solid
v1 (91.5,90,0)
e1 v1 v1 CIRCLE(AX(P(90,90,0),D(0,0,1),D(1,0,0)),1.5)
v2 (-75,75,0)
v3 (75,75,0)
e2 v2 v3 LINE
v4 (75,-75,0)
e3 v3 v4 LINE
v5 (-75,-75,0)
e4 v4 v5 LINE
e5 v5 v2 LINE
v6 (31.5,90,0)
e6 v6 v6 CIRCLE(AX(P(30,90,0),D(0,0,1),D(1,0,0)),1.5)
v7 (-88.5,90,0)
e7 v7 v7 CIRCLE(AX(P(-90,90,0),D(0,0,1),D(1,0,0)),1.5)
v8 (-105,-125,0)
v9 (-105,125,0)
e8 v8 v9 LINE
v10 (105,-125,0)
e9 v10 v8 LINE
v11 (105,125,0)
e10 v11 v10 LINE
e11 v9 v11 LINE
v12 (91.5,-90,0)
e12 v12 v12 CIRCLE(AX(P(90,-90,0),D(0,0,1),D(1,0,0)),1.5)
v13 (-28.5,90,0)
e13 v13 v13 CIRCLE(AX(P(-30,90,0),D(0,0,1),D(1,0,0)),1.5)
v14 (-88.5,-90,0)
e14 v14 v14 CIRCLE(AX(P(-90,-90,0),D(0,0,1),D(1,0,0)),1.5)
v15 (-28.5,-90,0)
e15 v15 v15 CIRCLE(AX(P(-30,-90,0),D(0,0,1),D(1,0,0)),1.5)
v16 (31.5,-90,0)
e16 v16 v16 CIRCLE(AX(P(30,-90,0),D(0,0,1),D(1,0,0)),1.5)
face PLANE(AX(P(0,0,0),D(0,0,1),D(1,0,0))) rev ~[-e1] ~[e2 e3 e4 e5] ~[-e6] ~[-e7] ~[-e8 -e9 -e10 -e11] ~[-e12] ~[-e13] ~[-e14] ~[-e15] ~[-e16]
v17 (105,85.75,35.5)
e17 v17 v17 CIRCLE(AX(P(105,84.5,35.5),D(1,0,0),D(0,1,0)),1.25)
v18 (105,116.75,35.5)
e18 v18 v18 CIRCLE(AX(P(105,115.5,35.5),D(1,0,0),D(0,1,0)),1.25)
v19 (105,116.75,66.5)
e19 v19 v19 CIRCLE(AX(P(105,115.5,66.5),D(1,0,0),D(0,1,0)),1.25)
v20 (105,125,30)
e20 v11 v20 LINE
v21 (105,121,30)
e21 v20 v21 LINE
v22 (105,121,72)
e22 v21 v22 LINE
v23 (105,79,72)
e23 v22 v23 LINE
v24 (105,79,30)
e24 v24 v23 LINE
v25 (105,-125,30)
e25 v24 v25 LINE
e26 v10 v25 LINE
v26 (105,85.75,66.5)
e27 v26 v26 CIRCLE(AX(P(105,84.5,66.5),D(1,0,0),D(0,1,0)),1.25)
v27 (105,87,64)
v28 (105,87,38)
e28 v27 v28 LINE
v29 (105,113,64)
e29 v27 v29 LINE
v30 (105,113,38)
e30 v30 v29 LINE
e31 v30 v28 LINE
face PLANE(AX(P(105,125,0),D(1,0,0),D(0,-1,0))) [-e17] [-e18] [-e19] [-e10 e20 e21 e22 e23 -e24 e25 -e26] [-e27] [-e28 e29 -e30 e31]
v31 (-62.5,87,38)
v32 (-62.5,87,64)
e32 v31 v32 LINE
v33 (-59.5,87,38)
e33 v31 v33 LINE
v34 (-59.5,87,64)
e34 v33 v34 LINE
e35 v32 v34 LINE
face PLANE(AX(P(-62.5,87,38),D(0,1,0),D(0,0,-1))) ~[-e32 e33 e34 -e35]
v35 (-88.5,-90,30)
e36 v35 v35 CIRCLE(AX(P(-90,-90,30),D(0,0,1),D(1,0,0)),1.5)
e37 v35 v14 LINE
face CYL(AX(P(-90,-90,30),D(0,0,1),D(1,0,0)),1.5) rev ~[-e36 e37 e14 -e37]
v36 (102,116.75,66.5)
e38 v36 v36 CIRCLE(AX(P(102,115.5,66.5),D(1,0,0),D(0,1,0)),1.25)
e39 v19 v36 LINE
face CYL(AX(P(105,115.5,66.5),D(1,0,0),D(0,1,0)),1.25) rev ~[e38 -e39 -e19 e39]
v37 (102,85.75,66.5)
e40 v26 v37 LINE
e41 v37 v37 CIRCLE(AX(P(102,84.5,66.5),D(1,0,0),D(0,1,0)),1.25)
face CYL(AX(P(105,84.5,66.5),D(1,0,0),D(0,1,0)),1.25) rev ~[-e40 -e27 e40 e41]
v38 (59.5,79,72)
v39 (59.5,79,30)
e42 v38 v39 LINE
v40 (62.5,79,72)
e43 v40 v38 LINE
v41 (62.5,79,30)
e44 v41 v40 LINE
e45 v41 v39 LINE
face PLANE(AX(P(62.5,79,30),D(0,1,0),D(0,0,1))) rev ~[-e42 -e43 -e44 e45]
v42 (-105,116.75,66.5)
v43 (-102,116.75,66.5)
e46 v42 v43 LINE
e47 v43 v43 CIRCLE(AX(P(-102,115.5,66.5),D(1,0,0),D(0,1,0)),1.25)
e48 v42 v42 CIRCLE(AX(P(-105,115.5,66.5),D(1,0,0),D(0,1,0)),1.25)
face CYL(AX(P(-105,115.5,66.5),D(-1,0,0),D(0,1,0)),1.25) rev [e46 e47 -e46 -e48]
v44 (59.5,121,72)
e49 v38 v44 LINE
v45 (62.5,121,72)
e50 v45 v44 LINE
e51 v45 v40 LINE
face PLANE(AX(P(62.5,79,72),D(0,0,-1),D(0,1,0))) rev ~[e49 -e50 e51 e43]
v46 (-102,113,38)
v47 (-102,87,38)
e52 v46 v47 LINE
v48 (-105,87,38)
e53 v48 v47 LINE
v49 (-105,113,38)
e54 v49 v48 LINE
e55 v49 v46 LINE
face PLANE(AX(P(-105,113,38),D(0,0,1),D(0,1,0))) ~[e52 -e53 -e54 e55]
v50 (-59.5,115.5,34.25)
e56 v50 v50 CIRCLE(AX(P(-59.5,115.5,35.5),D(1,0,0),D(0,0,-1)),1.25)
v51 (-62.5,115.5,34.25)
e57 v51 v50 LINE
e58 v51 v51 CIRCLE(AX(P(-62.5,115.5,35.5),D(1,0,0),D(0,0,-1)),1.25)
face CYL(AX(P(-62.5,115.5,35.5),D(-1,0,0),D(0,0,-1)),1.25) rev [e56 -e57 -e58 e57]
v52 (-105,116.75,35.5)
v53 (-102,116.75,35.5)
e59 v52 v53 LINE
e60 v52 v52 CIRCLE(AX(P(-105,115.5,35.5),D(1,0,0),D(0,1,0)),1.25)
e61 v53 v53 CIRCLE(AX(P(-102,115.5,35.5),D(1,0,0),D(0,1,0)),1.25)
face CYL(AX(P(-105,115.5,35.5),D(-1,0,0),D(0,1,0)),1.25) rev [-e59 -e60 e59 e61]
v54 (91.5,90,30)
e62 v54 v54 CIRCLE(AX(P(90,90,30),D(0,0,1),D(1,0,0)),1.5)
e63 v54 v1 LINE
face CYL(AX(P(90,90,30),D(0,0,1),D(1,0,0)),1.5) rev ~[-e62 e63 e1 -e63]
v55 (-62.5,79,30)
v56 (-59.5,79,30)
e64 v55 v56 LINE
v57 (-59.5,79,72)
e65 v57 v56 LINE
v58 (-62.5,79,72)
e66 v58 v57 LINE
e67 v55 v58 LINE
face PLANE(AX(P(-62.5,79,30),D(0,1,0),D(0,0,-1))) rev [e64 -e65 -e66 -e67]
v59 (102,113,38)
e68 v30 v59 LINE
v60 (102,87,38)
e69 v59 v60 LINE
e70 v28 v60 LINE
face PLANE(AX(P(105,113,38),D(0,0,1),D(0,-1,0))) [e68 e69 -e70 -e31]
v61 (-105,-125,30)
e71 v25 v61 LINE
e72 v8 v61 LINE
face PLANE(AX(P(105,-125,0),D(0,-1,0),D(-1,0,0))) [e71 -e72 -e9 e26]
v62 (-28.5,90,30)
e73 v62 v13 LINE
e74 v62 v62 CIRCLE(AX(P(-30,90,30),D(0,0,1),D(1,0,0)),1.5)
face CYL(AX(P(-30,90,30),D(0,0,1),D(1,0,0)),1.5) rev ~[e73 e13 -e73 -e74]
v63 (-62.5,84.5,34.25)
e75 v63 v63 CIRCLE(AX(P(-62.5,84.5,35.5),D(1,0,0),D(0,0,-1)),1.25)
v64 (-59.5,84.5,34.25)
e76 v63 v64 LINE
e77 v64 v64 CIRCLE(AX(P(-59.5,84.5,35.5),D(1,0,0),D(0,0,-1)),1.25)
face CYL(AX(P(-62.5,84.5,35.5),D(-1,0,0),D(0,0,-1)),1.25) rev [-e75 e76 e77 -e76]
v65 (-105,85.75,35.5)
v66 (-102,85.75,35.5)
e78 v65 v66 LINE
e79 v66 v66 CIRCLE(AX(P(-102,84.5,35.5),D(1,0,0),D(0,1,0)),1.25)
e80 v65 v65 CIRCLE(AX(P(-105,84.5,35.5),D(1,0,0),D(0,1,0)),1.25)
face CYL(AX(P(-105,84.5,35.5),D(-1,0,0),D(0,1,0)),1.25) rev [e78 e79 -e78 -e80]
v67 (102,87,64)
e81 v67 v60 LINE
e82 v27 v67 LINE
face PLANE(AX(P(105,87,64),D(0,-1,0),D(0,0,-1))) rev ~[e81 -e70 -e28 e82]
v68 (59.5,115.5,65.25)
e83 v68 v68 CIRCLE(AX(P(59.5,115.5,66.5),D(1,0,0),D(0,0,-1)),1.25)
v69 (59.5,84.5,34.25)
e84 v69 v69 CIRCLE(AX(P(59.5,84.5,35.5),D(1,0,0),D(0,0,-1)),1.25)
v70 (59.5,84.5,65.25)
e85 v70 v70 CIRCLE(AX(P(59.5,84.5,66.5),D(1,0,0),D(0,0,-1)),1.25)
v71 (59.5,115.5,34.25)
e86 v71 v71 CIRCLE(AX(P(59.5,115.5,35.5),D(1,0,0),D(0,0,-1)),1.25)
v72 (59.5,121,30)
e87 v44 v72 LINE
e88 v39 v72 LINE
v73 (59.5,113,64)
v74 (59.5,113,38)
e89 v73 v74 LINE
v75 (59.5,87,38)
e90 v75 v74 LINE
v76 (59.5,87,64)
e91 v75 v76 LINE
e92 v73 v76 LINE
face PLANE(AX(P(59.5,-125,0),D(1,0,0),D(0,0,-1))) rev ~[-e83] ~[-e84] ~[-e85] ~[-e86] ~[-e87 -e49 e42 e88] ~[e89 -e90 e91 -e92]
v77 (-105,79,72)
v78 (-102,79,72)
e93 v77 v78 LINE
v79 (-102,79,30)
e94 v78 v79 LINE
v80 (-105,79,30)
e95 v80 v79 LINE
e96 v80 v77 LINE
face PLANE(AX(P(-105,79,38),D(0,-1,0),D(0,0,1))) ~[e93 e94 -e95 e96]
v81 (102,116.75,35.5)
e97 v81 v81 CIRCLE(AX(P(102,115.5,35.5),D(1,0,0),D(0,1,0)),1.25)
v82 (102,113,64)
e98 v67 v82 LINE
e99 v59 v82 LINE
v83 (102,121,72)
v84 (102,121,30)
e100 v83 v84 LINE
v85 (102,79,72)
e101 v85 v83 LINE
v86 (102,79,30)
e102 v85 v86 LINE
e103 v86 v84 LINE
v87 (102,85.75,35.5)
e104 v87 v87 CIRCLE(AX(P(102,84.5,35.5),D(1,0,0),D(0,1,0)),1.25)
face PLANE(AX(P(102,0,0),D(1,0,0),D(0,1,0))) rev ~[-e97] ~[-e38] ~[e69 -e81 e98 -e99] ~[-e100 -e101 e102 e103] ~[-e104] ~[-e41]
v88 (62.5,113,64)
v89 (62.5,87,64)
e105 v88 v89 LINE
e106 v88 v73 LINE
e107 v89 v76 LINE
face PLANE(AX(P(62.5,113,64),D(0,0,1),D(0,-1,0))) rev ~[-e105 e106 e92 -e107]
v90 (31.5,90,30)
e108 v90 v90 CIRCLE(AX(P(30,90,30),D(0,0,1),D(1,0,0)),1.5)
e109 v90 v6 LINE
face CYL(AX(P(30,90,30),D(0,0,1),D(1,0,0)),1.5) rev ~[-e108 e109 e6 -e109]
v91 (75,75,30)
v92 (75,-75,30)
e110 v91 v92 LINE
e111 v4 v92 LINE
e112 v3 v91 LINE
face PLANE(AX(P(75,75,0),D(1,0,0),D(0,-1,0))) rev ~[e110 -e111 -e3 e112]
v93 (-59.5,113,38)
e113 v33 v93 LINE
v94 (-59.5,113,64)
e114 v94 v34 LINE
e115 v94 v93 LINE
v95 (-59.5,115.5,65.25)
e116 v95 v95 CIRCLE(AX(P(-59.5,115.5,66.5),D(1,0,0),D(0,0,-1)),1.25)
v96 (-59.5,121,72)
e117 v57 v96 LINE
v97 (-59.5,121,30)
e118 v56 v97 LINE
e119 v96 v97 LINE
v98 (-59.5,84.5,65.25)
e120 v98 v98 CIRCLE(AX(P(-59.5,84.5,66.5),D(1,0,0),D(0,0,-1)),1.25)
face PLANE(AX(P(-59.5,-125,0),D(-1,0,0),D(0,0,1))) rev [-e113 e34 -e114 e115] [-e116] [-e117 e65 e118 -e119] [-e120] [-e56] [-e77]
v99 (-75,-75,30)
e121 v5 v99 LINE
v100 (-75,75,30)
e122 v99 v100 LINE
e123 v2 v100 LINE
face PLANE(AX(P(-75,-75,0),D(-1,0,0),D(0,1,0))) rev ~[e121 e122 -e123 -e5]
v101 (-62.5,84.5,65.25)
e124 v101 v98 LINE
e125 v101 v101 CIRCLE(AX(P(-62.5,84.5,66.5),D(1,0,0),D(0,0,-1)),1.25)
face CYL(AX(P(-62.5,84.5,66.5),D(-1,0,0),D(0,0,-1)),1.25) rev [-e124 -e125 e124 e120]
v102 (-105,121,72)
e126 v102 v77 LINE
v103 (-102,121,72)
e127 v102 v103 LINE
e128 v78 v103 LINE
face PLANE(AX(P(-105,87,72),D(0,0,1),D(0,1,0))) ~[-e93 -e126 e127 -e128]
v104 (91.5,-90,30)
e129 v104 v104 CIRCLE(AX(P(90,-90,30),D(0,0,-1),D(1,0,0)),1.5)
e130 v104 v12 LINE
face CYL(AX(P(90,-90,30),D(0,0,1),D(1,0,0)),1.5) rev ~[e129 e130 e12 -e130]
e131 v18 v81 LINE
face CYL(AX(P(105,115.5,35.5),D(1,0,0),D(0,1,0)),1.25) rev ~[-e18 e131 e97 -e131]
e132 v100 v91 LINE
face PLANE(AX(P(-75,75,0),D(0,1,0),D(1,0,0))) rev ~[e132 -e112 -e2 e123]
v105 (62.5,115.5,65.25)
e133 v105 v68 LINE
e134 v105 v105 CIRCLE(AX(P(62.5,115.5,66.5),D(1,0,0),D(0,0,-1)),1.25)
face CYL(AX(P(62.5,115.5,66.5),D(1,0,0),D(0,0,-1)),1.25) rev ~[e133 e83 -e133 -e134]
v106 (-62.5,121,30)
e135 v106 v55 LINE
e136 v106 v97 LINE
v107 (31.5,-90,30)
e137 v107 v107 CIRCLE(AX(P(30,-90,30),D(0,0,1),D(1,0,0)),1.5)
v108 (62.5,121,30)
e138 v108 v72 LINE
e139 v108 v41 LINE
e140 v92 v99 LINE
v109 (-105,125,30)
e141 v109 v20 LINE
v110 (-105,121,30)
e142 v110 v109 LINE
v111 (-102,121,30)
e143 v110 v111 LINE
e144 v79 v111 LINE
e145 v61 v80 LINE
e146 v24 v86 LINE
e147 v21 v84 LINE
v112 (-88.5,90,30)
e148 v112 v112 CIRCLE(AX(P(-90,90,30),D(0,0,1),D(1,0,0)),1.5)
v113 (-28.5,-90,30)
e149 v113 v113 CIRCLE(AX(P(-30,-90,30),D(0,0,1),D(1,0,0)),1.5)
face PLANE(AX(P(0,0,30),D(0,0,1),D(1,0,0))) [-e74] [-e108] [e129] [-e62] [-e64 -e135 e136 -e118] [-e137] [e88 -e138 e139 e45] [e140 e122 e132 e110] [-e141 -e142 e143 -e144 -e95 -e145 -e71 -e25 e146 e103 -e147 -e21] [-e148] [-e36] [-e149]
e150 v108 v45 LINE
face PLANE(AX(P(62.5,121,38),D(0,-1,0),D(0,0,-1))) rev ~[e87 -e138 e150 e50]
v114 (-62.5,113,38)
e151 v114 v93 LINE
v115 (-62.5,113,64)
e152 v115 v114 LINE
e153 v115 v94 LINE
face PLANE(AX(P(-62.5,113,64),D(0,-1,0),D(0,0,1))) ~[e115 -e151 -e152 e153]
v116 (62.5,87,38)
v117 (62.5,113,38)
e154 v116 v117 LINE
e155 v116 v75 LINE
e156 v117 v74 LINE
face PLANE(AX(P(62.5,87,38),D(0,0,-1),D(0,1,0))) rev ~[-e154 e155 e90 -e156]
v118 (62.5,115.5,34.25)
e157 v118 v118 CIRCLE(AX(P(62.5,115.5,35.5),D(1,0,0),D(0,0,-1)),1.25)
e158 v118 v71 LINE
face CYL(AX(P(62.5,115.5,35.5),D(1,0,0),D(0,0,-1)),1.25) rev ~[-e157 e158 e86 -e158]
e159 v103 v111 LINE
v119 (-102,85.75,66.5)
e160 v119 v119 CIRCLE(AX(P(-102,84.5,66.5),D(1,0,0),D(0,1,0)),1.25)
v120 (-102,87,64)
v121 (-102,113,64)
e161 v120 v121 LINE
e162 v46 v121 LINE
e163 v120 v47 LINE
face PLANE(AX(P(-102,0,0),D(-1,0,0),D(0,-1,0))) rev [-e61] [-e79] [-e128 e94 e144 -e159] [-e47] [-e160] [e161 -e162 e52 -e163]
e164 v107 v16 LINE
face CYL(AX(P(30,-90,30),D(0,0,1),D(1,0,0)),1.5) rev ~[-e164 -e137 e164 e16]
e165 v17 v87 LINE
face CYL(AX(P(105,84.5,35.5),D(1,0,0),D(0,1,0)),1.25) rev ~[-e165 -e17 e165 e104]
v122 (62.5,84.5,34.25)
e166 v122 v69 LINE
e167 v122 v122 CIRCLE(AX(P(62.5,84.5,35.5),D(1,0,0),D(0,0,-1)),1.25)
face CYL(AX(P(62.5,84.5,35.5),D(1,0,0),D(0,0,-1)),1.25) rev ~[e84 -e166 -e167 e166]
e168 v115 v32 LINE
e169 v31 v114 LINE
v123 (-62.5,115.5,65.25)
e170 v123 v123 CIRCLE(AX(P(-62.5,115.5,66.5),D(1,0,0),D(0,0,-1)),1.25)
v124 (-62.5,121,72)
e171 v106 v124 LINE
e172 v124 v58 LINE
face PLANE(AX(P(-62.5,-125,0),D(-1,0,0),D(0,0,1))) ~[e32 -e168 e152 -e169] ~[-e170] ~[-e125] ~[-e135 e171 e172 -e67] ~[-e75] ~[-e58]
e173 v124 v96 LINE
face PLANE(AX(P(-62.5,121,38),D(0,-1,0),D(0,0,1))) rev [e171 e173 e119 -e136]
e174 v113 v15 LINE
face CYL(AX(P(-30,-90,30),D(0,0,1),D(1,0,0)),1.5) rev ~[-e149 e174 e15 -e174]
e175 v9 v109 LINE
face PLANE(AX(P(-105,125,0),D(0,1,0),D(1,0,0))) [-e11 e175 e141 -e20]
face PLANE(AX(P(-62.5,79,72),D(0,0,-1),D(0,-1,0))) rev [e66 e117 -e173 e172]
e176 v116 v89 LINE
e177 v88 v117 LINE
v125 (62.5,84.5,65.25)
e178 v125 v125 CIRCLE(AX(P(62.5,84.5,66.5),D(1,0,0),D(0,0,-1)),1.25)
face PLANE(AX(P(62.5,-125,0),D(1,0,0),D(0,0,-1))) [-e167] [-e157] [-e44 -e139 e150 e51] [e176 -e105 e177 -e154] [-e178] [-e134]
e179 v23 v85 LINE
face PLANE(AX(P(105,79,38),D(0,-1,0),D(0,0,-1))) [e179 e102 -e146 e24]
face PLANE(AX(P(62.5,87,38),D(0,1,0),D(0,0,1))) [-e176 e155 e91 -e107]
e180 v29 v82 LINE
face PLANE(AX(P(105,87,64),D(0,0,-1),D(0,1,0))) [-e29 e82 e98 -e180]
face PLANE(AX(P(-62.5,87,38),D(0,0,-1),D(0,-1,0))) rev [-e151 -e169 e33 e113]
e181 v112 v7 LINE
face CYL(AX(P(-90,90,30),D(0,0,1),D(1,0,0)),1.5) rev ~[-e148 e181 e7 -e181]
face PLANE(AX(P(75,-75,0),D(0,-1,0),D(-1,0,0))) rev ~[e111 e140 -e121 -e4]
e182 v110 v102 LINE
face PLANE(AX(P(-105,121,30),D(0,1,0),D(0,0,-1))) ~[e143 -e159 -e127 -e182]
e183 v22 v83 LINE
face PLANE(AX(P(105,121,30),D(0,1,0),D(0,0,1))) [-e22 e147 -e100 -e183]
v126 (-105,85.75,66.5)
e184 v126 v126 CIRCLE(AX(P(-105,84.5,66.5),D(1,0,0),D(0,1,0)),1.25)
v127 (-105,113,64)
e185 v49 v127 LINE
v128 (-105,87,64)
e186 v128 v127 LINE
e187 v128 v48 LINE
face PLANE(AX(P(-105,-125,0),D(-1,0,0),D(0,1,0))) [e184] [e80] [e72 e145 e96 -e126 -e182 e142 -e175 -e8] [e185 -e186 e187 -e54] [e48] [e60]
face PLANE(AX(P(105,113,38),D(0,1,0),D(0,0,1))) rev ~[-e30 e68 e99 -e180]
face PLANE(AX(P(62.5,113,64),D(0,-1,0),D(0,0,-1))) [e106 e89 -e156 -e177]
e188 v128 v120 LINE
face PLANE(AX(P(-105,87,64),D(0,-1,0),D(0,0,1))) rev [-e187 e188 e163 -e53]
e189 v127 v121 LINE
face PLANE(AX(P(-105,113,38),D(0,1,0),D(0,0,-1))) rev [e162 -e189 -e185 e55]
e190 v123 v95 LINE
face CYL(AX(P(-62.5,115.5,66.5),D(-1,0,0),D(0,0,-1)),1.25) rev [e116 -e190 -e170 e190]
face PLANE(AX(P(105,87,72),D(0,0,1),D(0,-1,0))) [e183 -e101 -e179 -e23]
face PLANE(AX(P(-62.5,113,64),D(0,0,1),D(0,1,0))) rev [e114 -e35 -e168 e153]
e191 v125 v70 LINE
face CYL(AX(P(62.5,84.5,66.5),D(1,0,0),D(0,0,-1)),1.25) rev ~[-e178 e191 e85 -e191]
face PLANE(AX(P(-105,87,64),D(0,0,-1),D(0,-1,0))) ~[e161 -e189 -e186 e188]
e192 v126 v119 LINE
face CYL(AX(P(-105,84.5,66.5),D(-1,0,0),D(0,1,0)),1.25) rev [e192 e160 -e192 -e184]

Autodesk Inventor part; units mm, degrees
ref_plane "XZ Plane" through (0, 0, 0) normal (0, 1, 0) x (-1, 0, 0)
ref_plane "XY Plane" through (0, 0, 0) normal (0, 0, 1) x (1, 0, 0)
sketch "Эскиз1" plane through (0, 0, 0) normal (0, 0, 1) x (1, 0, 0)
  line L0 (75, -75) -> (-75, -75)
  line L1 (-75, -75) -> (-75, 75)
  line L2 (-75, 75) -> (75, 75)
  line L3 (75, 75) -> (75, -75)
  line L4 (105, -125) -> (-105, -125)
  line L5 (-105, -125) -> (-105, 125)
  line L6 (-105, 125) -> (105, 125)
  line L7 (105, 125) -> (105, -125)
  point P0 (0, 0)
  point P1 (-75, 0)
  point P2 (0, -125)
  point P3 (-105, 0)
  dimension "d0" = 210
  dimension "d1" = 250
  dimension "d3" = 150
  dimension "d4" = 150
  dimension "d5" = 125
  dimension "d6" = 105
  dimension "d7" = 75
  dimension "d8" = 75
extrude "Выдавливание1" add sketch "Эскиз1" along normal blind 30
sketch "Эскиз2" plane through (0, 0, 30) normal (0, 0, 1) x (1, 0, 0)
  circle A0 centre (90, -90) radius 1.5
  line L0 (75, 75) -> (75, -75) projected
  line L1 (-105, 125) -> (-105, -125) projected
  line L2 (90, -90) -> (84.6408, -90) construction
  line L3 (84.6408, -90) -> (90, -90)
  line L4 (90, -90) -> (90, -87.0291) construction
  circle A1 centre (-90, -90) radius 1.5
  circle A2 centre (90, 90) radius 1.5
  circle A3 centre (-90, 90) radius 1.5
  circle A4 centre (30, 90) radius 1.5
  circle A5 centre (30, -90) radius 1.5
  circle A6 centre (-30, 90) radius 1.5
  circle A7 centre (-30, -90) radius 1.5
  point P0 (0, 0)
  point P1 (75, 0)
  dimension "d11" = 3
  dimension "d12" = 90
  dimension "d13" = 195
  dimension "d16" = 180
  dimension "d19" = 180
  dimension "d24" = 60
extrude "Выдавливание2" cut sketch "Эскиз2" against normal through all
ref_plane "РабПлоскость4" through (19.7, 0, 0) normal (1, 0, 0) x (0, 1, 0)
sketch "Эскиз7" plane through (105, 0, 0) normal (1, 0, 0) x (0, 1, 0)
  line L0 (79, 30) -> (121, 30)
  line L1 (121, 30) -> (121, 38)
  line L2 (121, 38) -> (79, 38)
  line L3 (79, 38) -> (79, 30)
  line L4 (121, 30) -> (113, 30)
  line L5 (113, 30) -> (113, 72)
  line L6 (113, 72) -> (121, 72)
  line L7 (121, 72) -> (121, 30)
  line L8 (121, 72) -> (79, 72)
  line L9 (79, 72) -> (79, 64)
  line L10 (79, 64) -> (121, 64)
  line L11 (121, 64) -> (121, 72)
  line L12 (79, 72) -> (87, 72)
  line L13 (87, 72) -> (87, 30)
  line L14 (87, 30) -> (79, 30)
  line L15 (79, 30) -> (79, 72)
  line L16 (75, 30) -> (125, 30) construction
  circle A0 centre (84.5, 66.5) radius 1.25
  circle A1 centre (115.5, 66.5) radius 1.25
  circle A2 centre (115.5, 35.5) radius 1.25
  circle A3 centre (84.5, 35.5) radius 1.25
  point P0 (0, 0)
  point P1 (117, 72)
  point P2 (113, 38)
  point P3 (87, 38)
  point P4 (87, 64)
  point P5 (113, 64)
  dimension "d80" = 42
  dimension "d81" = 42
  dimension "d82" = 8
  dimension "d83" = 8
  dimension "d84" = 4
  dimension "d85" = 8
  dimension "d86" = 8
  dimension "d87" = 2.5
  dimension "d88" = 5.5
  dimension "d89" = 5.5
  dimension "d90" = 2.5
  dimension "d91" = 2.5
  dimension "d92" = 2.5
  dimension "d93" = 5.5
  dimension "d94" = 5.5
  dimension "d95" = 5.5
  dimension "d96" = 5.5
  dimension "d97" = 5.5
  dimension "d98" = 5.5
extrude "Выдавливание5" add sketch "Эскиз7" against normal blind 3 contours L3 L2 L13 L0 | L13 L2 L5 L0 | L15 L10 L13 L2 | L5 L2 L1 L0 | L9 L8 L13 L10 | L5 L10 L7 L2 | L13 L8 L5 L10 | L5 L6 L7 L10
mirror "Зеркальное отражение3" about plane through (0, 0, 0) normal (1, 0, 0) of "Выдавливание5"
ref_plane "РабПлоскость5" through (62.5, -125, 0) normal (1, 0, 0) x (0, 0, -1)
sketch "Эскиз8" plane through (62.5, -125, 0) normal (1, 0, 0) x (0, 0, -1)
  line L0 (-30, 204) -> (-30, 250) construction
  line L1 (-30, 204) -> (-38, 204)
  line L2 (-38, 204) -> (-38, 246)
  line L3 (-38, 246) -> (-30, 246)
  line L4 (-30, 246) -> (-30, 204)
  line L5 (-30, 246) -> (-72, 246)
  line L6 (-72, 246) -> (-72, 238)
  line L7 (-72, 238) -> (-30, 238)
  line L8 (-30, 238) -> (-30, 246)
  line L9 (-72, 246) -> (-64, 246)
  line L10 (-64, 246) -> (-64, 204)
  line L11 (-64, 204) -> (-72, 204)
  line L12 (-72, 204) -> (-72, 246)
  line L13 (-72, 204) -> (-30, 204)
  line L14 (-30, 204) -> (-30, 212)
  line L15 (-30, 212) -> (-72, 212)
  line L16 (-72, 212) -> (-72, 204)
  circle A0 centre (-66.5, 209.5) radius 1.25
  circle A1 centre (-66.5, 240.5) radius 1.25
  circle A2 centre (-35.5, 240.5) radius 1.25
  circle A3 centre (-35.5, 209.5) radius 1.25
  point P0 (0, 125)
  point P1 (-34, 204)
  point P2 (-30, 242)
  point P3 (-38, 238)
  point P4 (-38, 212)
  point P5 (-64, 212)
  point P6 (-64, 238)
  dimension "d102" = 8
  dimension "d103" = 8
  dimension "d104" = 8
  dimension "d105" = 8
  dimension "d106" = 42
  dimension "d107" = 4
  dimension "d108" = 42
  dimension "d109" = 5.5
  dimension "d110" = 5.5
  dimension "d111" = 5.5
  dimension "d112" = 5.5
  dimension "d113" = 5.5
  dimension "d114" = 5.5
  dimension "d115" = 5.5
  dimension "d116" = 5.5
  dimension "d117" = 2.5
  dimension "d118" = 2.5
  dimension "d119" = 2.5
  dimension "d120" = 2.5
extrude "Выдавливание6" add sketch "Эскиз8" against normal blind 3 contours L1 L2 L15 L4 | L13 L10 L15 L2 | L15 L2 L7 L4 | L11 L12 L15 L10 | L7 L2 L3 L4 | L7 L10 L5 L2 | L15 L12 L7 L10 | L7 L6 L5 L10
mirror "Зеркальное отражение4" about plane through (0, 0, 0) normal (1, 0, 0) of "Выдавливание6"
properties part number "ОСНОВА"
